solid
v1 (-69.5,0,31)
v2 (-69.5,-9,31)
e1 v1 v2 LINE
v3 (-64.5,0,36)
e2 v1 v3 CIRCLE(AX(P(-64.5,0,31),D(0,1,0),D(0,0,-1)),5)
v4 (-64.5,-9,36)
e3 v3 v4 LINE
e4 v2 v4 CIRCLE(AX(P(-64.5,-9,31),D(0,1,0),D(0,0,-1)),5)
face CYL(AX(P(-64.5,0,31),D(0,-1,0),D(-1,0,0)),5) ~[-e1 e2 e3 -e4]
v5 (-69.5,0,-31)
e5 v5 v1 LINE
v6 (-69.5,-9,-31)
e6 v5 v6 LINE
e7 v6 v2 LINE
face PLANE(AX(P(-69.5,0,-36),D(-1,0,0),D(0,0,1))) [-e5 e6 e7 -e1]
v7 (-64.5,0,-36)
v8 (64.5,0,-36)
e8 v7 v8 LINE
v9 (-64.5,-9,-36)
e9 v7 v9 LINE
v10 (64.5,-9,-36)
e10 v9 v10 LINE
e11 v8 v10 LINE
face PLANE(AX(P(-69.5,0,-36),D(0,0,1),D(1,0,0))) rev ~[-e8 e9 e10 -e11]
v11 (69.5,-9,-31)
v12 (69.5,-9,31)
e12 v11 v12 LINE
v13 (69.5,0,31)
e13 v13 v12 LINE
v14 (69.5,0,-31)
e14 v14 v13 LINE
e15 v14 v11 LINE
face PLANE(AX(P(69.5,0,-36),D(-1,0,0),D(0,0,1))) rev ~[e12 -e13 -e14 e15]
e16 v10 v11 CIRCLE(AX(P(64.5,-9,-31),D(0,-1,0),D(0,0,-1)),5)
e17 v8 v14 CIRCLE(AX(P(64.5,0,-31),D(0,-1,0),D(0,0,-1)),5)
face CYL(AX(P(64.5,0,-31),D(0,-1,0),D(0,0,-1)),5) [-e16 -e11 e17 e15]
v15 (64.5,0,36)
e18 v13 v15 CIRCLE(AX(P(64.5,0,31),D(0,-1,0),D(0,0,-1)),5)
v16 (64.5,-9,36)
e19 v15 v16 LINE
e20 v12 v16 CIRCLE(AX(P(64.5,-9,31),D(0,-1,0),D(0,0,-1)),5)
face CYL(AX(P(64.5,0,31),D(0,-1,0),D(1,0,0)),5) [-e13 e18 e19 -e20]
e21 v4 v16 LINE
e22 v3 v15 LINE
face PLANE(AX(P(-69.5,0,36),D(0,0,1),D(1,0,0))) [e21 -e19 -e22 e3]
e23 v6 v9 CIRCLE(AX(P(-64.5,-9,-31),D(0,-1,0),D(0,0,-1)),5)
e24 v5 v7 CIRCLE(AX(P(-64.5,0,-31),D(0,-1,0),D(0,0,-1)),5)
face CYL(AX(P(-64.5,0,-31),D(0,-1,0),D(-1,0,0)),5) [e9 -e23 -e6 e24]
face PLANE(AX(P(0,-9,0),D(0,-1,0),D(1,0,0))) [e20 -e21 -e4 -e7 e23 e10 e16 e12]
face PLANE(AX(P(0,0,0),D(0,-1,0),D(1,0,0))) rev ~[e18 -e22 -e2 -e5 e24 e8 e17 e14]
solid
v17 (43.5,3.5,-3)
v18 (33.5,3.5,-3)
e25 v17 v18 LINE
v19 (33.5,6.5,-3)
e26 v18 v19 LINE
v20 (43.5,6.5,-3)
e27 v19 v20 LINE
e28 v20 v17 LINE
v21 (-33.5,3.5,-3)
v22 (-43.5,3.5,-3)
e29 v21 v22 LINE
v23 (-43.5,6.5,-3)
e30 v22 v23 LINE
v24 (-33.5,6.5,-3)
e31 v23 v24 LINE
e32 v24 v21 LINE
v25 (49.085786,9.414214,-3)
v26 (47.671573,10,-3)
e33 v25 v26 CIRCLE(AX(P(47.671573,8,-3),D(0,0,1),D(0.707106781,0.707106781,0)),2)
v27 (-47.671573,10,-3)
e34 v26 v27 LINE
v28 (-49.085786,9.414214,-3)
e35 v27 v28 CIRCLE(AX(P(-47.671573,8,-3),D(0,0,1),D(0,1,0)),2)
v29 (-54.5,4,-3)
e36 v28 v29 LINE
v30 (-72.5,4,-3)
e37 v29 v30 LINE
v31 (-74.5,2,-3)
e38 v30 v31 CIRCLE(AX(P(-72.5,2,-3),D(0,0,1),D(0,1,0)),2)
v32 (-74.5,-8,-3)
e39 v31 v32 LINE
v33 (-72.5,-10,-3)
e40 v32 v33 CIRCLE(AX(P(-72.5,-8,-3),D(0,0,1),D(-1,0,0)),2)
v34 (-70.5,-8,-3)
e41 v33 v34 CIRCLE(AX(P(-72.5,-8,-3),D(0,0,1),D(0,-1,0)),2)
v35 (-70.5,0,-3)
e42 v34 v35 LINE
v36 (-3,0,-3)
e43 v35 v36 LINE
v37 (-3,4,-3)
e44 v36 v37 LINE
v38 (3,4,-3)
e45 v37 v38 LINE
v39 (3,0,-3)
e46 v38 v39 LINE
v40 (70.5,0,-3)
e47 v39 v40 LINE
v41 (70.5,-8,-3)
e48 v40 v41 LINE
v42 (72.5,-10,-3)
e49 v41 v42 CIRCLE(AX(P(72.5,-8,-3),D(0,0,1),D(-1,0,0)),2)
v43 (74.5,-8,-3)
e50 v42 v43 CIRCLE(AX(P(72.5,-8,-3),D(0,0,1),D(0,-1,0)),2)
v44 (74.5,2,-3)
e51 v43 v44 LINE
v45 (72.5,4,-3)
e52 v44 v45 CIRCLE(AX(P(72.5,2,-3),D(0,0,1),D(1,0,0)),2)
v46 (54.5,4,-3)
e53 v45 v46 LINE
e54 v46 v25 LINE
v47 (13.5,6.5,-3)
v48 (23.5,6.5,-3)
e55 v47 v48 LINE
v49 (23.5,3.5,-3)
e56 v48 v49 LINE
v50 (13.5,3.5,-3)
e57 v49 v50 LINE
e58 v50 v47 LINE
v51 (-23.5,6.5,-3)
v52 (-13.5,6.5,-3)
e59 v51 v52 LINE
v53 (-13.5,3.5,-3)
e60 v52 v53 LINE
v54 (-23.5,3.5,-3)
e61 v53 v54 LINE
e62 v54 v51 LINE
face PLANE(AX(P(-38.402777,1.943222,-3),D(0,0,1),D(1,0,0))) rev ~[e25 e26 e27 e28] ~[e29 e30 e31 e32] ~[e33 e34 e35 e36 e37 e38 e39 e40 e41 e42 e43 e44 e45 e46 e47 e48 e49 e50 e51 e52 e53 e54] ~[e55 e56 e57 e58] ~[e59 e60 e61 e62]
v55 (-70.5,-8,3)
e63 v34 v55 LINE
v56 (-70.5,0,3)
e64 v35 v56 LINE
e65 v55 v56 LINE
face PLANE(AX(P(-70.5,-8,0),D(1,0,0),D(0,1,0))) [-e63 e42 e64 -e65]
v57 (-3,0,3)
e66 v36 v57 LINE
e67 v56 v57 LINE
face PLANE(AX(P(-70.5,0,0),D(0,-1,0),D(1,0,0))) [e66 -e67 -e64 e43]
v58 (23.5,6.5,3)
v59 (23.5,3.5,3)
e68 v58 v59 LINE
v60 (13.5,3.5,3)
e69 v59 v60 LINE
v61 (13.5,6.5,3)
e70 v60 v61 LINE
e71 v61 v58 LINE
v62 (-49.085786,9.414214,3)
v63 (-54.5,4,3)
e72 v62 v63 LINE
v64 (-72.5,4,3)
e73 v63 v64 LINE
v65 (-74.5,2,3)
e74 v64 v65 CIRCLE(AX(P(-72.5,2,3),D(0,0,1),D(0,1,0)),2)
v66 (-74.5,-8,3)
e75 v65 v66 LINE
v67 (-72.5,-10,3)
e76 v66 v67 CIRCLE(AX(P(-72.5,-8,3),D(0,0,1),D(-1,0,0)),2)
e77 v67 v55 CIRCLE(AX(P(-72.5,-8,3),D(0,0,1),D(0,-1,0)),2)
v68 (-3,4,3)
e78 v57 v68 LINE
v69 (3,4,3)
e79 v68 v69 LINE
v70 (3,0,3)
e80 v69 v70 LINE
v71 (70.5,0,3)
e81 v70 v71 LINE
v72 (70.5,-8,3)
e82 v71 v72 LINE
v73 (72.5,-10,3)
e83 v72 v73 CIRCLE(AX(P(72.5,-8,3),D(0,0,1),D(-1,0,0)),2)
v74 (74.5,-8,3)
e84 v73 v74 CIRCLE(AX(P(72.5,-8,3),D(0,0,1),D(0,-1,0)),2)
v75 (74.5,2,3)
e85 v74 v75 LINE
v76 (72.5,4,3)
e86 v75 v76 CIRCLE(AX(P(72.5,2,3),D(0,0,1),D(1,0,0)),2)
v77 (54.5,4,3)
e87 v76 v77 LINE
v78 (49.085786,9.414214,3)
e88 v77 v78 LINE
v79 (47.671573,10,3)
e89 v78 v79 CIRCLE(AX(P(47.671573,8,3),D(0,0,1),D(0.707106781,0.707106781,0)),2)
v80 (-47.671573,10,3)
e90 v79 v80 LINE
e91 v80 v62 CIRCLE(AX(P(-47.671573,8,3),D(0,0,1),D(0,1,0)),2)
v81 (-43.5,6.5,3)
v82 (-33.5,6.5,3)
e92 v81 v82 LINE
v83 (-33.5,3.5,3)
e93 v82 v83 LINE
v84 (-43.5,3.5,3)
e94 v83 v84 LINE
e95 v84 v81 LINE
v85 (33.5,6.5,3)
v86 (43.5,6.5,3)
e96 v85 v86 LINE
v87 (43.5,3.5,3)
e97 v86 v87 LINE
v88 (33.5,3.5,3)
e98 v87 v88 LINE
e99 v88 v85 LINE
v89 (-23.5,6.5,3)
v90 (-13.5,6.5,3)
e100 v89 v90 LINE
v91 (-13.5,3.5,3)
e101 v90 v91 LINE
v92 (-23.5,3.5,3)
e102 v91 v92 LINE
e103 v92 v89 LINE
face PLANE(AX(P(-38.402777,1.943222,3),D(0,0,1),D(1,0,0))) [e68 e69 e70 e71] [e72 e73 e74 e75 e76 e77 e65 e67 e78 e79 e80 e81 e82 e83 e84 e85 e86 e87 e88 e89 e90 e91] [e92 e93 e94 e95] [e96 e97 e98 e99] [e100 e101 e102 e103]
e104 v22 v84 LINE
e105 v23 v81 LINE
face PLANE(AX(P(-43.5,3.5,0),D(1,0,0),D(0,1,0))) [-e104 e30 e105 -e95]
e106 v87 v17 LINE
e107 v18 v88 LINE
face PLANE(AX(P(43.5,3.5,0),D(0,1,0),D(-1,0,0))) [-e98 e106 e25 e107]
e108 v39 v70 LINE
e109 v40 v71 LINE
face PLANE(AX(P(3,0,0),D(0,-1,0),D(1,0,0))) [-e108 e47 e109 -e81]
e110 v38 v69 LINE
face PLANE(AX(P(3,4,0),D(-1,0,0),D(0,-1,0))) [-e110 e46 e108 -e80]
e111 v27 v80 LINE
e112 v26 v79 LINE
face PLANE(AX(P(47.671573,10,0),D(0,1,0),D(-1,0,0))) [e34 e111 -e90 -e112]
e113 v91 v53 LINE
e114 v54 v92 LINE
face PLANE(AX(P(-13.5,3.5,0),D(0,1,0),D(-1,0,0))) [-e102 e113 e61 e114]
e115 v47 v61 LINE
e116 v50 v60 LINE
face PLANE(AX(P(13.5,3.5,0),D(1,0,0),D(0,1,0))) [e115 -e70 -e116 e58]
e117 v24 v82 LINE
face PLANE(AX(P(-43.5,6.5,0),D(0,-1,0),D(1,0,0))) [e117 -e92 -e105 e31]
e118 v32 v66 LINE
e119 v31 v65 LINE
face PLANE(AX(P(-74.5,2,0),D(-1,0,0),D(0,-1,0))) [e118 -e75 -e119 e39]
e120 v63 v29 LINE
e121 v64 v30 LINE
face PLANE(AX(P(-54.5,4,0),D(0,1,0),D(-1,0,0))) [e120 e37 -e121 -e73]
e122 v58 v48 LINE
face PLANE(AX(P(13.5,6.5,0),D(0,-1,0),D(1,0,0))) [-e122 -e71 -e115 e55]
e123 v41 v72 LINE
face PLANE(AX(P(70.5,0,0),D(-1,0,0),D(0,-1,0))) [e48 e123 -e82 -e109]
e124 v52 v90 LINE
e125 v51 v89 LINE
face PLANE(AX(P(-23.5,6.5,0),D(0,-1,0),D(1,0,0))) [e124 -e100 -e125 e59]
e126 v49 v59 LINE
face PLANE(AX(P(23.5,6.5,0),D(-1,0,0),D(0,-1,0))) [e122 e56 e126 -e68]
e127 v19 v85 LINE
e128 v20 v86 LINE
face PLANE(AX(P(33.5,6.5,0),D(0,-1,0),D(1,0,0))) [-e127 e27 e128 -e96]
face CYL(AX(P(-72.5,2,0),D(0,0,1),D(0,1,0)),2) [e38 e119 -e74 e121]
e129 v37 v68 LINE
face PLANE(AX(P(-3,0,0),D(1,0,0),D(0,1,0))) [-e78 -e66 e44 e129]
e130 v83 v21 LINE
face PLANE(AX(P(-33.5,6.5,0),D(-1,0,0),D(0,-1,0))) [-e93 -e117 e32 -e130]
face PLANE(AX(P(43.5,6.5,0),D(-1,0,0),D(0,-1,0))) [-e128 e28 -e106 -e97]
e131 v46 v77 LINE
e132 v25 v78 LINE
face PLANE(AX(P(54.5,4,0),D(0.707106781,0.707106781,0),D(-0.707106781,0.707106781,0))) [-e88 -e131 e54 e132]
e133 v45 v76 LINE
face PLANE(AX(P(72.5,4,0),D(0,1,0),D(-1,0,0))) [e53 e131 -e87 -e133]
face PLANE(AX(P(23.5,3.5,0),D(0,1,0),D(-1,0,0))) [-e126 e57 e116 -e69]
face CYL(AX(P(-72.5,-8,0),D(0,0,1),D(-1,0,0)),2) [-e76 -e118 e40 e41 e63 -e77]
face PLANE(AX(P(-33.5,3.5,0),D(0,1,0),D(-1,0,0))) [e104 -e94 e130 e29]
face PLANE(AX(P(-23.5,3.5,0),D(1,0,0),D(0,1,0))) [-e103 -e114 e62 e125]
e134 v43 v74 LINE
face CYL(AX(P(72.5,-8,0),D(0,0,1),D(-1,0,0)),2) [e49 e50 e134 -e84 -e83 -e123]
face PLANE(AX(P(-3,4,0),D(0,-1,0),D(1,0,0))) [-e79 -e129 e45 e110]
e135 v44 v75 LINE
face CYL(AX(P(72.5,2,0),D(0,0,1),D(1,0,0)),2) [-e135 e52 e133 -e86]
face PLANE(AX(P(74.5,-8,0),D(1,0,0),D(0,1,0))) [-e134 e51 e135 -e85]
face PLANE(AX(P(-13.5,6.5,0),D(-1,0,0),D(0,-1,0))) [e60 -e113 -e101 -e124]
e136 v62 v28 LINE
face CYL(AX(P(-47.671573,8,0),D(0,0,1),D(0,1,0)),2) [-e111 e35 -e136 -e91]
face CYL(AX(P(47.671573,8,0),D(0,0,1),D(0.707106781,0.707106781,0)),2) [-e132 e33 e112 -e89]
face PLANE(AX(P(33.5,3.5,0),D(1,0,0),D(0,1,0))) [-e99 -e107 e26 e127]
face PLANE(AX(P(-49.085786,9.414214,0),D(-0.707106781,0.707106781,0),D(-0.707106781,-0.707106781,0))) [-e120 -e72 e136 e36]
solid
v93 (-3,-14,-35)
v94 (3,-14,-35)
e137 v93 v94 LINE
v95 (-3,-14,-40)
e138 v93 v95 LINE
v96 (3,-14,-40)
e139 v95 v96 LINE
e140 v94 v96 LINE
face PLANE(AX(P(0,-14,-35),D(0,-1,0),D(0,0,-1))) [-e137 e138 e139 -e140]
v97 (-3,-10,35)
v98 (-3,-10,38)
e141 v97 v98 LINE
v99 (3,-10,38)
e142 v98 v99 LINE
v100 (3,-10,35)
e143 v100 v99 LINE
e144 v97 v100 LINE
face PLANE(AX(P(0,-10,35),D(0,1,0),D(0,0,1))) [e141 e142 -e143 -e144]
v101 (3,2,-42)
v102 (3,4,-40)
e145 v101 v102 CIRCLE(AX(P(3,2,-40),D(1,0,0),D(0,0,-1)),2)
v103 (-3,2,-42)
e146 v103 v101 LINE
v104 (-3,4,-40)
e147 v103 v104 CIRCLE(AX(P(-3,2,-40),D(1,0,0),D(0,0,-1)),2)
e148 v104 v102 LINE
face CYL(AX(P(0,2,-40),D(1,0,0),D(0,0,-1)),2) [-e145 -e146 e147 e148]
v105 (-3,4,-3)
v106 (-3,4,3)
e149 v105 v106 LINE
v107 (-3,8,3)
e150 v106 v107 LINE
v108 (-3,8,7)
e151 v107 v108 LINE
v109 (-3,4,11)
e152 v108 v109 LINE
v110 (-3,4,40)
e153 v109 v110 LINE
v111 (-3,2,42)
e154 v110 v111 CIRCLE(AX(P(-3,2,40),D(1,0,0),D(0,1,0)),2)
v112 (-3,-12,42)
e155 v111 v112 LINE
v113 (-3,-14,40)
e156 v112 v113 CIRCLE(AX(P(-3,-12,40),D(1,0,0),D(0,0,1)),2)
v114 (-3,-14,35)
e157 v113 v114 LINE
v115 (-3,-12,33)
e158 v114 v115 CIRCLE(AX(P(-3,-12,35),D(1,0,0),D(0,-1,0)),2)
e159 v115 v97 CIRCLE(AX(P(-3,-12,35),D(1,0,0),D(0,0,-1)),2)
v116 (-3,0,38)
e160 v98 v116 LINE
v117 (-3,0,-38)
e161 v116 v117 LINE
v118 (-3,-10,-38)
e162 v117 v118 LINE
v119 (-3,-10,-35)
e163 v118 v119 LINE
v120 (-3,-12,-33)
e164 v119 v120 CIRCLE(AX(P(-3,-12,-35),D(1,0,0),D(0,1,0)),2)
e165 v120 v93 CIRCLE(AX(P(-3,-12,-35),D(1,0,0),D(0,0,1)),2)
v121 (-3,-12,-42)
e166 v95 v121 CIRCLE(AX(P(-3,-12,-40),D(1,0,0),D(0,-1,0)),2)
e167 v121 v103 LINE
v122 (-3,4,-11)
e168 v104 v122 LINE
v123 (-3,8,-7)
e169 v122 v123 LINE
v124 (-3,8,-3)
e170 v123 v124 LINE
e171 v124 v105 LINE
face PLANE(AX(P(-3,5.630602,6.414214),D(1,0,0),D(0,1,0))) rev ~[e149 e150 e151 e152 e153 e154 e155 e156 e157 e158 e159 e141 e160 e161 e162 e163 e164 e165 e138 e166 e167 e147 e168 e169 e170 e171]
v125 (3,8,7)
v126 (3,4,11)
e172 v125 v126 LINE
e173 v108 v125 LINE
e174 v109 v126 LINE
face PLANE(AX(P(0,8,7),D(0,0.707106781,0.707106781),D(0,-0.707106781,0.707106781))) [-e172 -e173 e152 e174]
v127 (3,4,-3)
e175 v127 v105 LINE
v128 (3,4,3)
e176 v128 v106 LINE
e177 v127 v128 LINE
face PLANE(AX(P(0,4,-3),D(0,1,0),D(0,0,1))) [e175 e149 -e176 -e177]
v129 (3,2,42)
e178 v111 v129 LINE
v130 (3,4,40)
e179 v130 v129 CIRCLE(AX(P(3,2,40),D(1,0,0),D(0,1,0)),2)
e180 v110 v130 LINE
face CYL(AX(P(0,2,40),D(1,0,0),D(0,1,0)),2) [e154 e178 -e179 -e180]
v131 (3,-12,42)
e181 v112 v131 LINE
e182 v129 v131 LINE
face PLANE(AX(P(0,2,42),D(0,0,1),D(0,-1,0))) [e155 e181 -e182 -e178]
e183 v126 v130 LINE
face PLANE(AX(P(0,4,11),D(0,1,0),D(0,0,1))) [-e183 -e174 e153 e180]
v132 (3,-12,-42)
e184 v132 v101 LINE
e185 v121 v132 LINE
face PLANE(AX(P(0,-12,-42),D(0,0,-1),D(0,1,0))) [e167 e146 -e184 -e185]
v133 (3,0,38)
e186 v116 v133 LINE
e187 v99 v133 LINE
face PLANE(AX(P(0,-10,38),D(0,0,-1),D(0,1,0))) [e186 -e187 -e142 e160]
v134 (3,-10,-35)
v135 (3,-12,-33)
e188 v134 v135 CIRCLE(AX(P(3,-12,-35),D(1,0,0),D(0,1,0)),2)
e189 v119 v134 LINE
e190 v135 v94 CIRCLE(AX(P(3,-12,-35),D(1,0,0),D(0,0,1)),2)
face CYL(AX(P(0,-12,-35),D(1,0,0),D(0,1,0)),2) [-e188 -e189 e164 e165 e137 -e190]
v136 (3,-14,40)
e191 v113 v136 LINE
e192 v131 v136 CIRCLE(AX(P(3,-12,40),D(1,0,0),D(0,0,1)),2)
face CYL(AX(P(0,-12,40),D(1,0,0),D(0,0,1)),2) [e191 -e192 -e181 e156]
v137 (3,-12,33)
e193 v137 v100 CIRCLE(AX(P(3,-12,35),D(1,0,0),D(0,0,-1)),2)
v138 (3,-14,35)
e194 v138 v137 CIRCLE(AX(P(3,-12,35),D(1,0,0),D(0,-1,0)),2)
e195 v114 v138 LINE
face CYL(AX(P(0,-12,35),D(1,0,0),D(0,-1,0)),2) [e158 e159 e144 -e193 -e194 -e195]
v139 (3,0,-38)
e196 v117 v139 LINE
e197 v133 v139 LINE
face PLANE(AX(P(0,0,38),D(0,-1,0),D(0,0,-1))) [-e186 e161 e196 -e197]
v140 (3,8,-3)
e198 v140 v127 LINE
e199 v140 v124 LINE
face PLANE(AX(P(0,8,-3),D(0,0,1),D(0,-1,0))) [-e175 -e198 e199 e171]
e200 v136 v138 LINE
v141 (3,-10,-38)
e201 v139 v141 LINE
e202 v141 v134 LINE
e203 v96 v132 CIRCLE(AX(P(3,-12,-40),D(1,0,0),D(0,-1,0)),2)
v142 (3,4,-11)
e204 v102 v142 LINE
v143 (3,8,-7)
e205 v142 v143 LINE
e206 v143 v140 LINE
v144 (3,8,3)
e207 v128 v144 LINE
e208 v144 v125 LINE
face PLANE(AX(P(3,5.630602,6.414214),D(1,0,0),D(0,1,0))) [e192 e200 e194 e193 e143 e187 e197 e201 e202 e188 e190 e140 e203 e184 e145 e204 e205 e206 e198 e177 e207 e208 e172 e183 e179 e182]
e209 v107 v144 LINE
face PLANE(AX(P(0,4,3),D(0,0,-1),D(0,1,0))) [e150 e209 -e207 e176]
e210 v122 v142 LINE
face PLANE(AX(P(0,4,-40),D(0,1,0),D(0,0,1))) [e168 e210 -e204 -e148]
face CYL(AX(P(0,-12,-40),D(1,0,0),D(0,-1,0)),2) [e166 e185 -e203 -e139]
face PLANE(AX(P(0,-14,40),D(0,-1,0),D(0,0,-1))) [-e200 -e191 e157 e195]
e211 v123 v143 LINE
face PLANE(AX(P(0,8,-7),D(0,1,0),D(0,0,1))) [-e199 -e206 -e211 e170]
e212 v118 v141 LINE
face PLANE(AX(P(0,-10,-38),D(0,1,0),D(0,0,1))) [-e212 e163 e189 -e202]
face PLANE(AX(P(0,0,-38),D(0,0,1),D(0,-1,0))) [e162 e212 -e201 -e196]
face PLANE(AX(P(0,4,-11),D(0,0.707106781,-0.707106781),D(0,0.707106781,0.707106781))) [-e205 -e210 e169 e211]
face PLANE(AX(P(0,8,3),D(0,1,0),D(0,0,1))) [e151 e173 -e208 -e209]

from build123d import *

# Parameters (mm, degrees)
F0_W     = 139
F0_H     = 72
F1_DEPTH = 9
F2_R     = 5
F4_DEPTH = 3
F6_DEPTH = 3


with BuildPart() as f1:
    # F0 (on Front) → F1 (new body)
    with BuildSketch(Plane.XZ):
        Rectangle(F0_W, F0_H)
    extrude(amount=F1_DEPTH)

    # F2
    f2_edges = [f1.edges().sort_by_distance(p)[0] for p in [
        (-69.5, -4.5, 36),
        (69.5, -4.5, 36),
        (69.5, -4.5, -36),
        (-69.5, -4.5, -36),
    ]]
    fillet(f2_edges, radius=F2_R)


with BuildPart() as f4:
    # F3 (on Top) → F4 (new body, symmetric)
    with BuildSketch(Plane.XY):
        with BuildLine():
            Line((-54.5, 4), (-72.5, 4))
            ThreePointArc((-72.5, 4), (-73.9142135624, 3.4142135624), (-74.5, 2))
            Line((-74.5, 2), (-74.5, 0))
            Line((-74.5, 0), (-70.5, 0))
            Line((-70.5, 0), (-3, 0))
            Line((-3, 0), (-3, 4))
            Line((-3, 4), (-13.5, 4))
            Line((-13.5, 4), (-13.5, 3.5))
            Line((-13.5, 3.5), (-23.5, 3.5))
            Line((-23.5, 3.5), (-23.5, 4))
            Line((-23.5, 4), (-33.5, 4))
            Line((-33.5, 4), (-33.5, 3.5))
            Line((-33.5, 3.5), (-43.5, 3.5))
            Line((-43.5, 3.5), (-43.5, 4))
            Line((-43.5, 4), (-54.5, 4))
        make_face()
        with BuildLine():
            Line((3, 4), (3, 0))
            Line((3, 0), (70.5, 0))
            Line((70.5, 0), (74.5, 0))
            Line((74.5, 0), (74.5, 2))
            ThreePointArc((74.5, 2), (73.9142135624, 3.4142135624), (72.5, 4))
            Line((72.5, 4), (54.5, 4))
            Line((54.5, 4), (43.5, 4))
            Line((43.5, 4), (43.5, 3.5))
            Line((43.5, 3.5), (33.5, 3.5))
            Line((33.5, 3.5), (33.5, 4))
            Line((33.5, 4), (23.5, 4))
            Line((23.5, 4), (23.5, 3.5))
            Line((23.5, 3.5), (13.5, 3.5))
            Line((13.5, 3.5), (13.5, 4))
            Line((13.5, 4), (3, 4))
        make_face()
        with BuildLine():
            Line((-70.5, 0), (-74.5, 0))
            Line((-74.5, 0), (-74.5, -8))
            ThreePointArc((-74.5, -8), (-73.9142135624, -9.4142135624), (-72.5, -10))
            ThreePointArc((-72.5, -10), (-71.0857864376, -9.4142135624), (-70.5, -8))
            Line((-70.5, -8), (-70.5, 0))
        make_face()
        with BuildLine():
            Line((74.5, 0), (70.5, 0))
            Line((70.5, 0), (70.5, -8))
            ThreePointArc((70.5, -8), (71.0857864376, -9.4142135624), (72.5, -10))
            ThreePointArc((72.5, -10), (73.9142135624, -9.4142135624), (74.5, -8))
            Line((74.5, -8), (74.5, 0))
        make_face()
        with BuildLine():
            Line((47.6715728753, 10), (0, 10))
            Line((0, 10), (0, 4))
            Line((0, 4), (3, 4))
            Line((3, 4), (13.5, 4))
            Line((13.5, 4), (13.5, 6.5))
            Line((13.5, 6.5), (23.5, 6.5))
            Line((23.5, 6.5), (23.5, 4))
            Line((23.5, 4), (33.5, 4))
            Line((33.5, 4), (33.5, 6.5))
            Line((33.5, 6.5), (43.5, 6.5))
            Line((43.5, 6.5), (43.5, 4))
            Line((43.5, 4), (54.5, 4))
            Line((54.5, 4), (49.0857864376, 9.4142135624))
            ThreePointArc((49.0857864376, 9.4142135624), (48.43693974, 9.847759065), (47.6715728753, 10))
        make_face()
        with BuildLine():
            Line((-49.0857864376, 9.4142135624), (-54.5, 4))
            Line((-54.5, 4), (-43.5, 4))
            Line((-43.5, 4), (-43.5, 6.5))
            Line((-43.5, 6.5), (-33.5, 6.5))
            Line((-33.5, 6.5), (-33.5, 4))
            Line((-33.5, 4), (-23.5, 4))
            Line((-23.5, 4), (-23.5, 6.5))
            Line((-23.5, 6.5), (-13.5, 6.5))
            Line((-13.5, 6.5), (-13.5, 4))
            Line((-13.5, 4), (-3, 4))
            Line((-3, 4), (0, 4))
            Line((0, 4), (0, 10))
            Line((0, 10), (-47.6715728753, 10))
            ThreePointArc((-47.6715728753, 10), (-48.43693974, 9.847759065), (-49.0857864376, 9.4142135624))
        make_face()
    extrude(amount=F4_DEPTH, both=True)


with BuildPart() as f6:
    # F5 (on Right) → F6 (new body, symmetric)
    with BuildSketch(Plane.YZ):
        Polygon((4, 11), (4, 3), (8, 3), (8, 7), align=None)
        with BuildLine():
            Line((-10, 38), (0, 38))
            Line((0, 38), (0, 0))
            Line((0, 0), (4, 0))
            Line((4, 0), (4, 3))
            Line((4, 3), (4, 11))
            Line((4, 11), (4, 40))
            ThreePointArc((4, 40), (3.4142135624, 41.4142135624), (2, 42))
            Line((2, 42), (-12, 42))
            ThreePointArc((-12, 42), (-13.4142135624, 41.4142135624), (-14, 40))
            Line((-14, 40), (-14, 35))
            ThreePointArc((-14, 35), (-13.4142135624, 33.5857864376), (-12, 33))
            ThreePointArc((-12, 33), (-10.5857864376, 33.5857864376), (-10, 35))
            Line((-10, 35), (-10, 38))
        make_face()
        with BuildLine():
            Line((4, 0), (0, 0))
            Line((0, 0), (0, -38))
            Line((0, -38), (-10, -38))
            Line((-10, -38), (-10, -35))
            ThreePointArc((-10, -35), (-10.5857864376, -33.5857864376), (-12, -33))
            ThreePointArc((-12, -33), (-13.4142135624, -33.5857864376), (-14, -35))
            Line((-14, -35), (-14, -40))
            ThreePointArc((-14, -40), (-13.4142135624, -41.4142135624), (-12, -42))
            Line((-12, -42), (2, -42))
            ThreePointArc((2, -42), (3.4142135624, -41.4142135624), (4, -40))
            Line((4, -40), (4, -11))
            Line((4, -11), (4, -3))
            Line((4, -3), (4, 0))
        make_face()
        Polygon((8, -3), (4, -3), (4, -11), (8, -7), align=None)
    extrude(amount=F6_DEPTH, both=True)


solid = Compound([f1.part, f4.part, f6.part])
